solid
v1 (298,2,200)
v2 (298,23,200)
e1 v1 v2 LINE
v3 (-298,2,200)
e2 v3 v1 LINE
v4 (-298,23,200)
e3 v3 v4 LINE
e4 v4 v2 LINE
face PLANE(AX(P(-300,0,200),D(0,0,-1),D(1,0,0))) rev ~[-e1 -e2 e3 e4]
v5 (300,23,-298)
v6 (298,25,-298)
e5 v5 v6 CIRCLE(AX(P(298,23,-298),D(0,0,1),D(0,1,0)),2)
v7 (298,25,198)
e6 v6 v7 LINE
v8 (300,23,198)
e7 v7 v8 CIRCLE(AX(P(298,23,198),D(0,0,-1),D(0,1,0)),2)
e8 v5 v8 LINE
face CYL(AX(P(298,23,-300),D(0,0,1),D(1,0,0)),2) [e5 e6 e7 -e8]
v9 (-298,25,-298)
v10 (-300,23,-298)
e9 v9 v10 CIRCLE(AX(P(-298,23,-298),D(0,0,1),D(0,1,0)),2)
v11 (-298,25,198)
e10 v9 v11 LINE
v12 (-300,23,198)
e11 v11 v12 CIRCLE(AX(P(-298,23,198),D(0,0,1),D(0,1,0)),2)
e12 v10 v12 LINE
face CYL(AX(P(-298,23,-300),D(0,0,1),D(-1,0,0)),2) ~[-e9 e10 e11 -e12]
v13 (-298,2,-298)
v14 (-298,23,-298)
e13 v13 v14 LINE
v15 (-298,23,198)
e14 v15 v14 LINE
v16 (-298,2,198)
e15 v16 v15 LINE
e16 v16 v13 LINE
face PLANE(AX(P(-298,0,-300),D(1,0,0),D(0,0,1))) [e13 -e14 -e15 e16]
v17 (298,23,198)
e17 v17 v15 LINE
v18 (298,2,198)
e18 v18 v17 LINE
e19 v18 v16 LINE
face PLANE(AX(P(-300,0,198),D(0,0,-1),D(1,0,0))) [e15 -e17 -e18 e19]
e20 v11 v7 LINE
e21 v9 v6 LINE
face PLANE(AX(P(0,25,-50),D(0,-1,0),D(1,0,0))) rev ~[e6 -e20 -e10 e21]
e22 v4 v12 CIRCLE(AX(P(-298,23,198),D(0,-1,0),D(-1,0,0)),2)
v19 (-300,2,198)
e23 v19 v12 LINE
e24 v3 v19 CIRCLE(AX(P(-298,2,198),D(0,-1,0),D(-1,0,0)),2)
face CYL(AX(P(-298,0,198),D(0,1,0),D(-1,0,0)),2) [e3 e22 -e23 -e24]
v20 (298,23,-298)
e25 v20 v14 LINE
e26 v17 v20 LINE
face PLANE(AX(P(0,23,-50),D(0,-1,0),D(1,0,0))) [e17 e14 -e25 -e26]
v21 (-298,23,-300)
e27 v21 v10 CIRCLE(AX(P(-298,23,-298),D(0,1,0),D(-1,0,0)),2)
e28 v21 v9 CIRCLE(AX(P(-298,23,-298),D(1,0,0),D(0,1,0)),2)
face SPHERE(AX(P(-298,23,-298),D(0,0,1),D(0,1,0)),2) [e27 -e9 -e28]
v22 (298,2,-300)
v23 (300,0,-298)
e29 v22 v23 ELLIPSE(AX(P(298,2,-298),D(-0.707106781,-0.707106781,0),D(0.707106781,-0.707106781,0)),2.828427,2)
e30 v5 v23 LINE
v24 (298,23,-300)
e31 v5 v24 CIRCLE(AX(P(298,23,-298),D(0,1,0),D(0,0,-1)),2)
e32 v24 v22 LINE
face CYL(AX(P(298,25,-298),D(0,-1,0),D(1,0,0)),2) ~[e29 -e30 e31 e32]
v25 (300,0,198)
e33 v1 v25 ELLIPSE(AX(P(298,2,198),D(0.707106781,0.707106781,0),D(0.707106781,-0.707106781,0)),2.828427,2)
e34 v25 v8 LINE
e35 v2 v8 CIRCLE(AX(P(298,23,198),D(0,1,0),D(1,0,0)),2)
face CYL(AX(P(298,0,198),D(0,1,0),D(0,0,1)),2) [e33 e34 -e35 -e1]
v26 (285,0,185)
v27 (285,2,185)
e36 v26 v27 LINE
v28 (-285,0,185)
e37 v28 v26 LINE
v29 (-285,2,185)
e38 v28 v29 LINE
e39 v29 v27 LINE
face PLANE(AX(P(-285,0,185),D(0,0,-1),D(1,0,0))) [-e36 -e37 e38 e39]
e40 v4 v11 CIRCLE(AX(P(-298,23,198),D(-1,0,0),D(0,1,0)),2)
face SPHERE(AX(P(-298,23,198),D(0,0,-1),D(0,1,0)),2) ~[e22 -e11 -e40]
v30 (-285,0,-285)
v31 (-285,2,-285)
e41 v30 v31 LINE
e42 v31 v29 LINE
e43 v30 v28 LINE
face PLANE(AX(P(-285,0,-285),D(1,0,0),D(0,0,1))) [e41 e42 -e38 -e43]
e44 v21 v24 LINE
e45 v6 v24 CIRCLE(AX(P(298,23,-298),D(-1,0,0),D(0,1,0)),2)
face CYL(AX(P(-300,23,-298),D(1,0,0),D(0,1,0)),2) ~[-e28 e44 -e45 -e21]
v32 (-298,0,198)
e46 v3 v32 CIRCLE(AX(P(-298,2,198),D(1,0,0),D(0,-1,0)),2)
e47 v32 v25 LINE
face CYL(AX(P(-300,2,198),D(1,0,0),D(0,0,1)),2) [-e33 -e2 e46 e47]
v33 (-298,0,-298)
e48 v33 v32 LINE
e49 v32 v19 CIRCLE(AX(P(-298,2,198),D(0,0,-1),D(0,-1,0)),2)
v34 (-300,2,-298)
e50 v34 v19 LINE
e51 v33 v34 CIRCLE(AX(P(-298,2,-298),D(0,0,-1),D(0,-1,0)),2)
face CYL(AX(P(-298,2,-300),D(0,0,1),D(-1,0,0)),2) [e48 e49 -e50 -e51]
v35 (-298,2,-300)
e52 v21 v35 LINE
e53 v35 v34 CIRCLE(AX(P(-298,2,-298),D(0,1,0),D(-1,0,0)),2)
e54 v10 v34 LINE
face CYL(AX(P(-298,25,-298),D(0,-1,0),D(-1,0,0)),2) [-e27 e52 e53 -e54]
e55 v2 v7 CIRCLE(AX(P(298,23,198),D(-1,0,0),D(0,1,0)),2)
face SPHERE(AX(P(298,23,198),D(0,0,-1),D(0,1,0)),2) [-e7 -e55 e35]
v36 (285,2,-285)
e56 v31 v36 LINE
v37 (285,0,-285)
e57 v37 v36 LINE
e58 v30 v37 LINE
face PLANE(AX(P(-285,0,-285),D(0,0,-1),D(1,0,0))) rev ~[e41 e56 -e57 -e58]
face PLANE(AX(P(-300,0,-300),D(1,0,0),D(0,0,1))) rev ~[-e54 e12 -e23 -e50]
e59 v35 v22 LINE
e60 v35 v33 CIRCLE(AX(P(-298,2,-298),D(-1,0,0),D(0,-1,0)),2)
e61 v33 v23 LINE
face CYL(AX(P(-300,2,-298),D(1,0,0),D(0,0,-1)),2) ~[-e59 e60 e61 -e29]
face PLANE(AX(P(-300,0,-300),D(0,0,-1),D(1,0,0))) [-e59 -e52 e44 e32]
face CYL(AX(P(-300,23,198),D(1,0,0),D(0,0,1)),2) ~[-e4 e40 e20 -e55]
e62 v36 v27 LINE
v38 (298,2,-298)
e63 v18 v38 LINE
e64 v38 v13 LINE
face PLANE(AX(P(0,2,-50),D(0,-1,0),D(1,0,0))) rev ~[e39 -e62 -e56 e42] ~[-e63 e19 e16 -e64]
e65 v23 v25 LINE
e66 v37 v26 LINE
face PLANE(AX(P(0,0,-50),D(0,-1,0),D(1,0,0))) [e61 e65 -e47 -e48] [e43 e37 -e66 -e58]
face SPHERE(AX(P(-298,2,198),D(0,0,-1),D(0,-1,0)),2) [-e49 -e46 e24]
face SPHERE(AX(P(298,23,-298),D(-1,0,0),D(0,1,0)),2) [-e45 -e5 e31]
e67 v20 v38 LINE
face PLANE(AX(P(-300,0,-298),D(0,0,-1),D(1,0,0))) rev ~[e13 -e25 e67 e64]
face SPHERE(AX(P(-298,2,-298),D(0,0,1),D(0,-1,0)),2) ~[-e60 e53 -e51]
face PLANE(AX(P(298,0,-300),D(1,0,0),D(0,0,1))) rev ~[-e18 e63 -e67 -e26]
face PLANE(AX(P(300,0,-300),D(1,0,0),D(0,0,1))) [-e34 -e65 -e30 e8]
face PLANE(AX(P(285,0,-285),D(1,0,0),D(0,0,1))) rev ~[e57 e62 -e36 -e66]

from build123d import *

# Parameters (mm, degrees)
F0_W     = 600
F0_H     = 500
F1_DEPTH = 25
F2_T     = -2
F3_W     = 600
F3_H     = 500
F3_W_2   = 570
F3_H_2   = 470
F4_DEPTH = 2
F5_R     = 2


with BuildPart() as f1:
    # F0 (on Front) → F1 (new body)
    with BuildSketch(Plane.XZ):
        with Locations((0, -50)):
            Rectangle(F0_W, F0_H)
    extrude(amount=-F1_DEPTH)

    # F2
    f2_openings = [f1.faces().sort_by_distance(p)[0] for p in [
        (0, 0, -50),
    ]]
    offset(amount=F2_T, openings=f2_openings)

    # F3 (on Front) → F4 (join)
    with BuildSketch(Plane.XZ):
        with Locations((0, -50)):
            Rectangle(F3_W, F3_H)
        with Locations((0, -50)):
            Rectangle(F3_W_2, F3_H_2, mode=Mode.SUBTRACT)
    extrude(amount=-F4_DEPTH)

    # F5
    f5_edges = [f1.edges().sort_by_distance(p)[0] for p in [
        (-300, 25, -50),
        (0, 25, -300),
        (300, 25, -50),
        (0, 25, 200),
        (-300, 0, -50),
        (0, 0, 200),
        (0, 0, -300),
        (300, 12.5, -300),
        (300, 12.5, 200),
        (-300, 12.5, 200),
        (-300, 12.5, -300),
    ]]
    fillet(f5_edges, radius=F5_R)


solid = f1.part
